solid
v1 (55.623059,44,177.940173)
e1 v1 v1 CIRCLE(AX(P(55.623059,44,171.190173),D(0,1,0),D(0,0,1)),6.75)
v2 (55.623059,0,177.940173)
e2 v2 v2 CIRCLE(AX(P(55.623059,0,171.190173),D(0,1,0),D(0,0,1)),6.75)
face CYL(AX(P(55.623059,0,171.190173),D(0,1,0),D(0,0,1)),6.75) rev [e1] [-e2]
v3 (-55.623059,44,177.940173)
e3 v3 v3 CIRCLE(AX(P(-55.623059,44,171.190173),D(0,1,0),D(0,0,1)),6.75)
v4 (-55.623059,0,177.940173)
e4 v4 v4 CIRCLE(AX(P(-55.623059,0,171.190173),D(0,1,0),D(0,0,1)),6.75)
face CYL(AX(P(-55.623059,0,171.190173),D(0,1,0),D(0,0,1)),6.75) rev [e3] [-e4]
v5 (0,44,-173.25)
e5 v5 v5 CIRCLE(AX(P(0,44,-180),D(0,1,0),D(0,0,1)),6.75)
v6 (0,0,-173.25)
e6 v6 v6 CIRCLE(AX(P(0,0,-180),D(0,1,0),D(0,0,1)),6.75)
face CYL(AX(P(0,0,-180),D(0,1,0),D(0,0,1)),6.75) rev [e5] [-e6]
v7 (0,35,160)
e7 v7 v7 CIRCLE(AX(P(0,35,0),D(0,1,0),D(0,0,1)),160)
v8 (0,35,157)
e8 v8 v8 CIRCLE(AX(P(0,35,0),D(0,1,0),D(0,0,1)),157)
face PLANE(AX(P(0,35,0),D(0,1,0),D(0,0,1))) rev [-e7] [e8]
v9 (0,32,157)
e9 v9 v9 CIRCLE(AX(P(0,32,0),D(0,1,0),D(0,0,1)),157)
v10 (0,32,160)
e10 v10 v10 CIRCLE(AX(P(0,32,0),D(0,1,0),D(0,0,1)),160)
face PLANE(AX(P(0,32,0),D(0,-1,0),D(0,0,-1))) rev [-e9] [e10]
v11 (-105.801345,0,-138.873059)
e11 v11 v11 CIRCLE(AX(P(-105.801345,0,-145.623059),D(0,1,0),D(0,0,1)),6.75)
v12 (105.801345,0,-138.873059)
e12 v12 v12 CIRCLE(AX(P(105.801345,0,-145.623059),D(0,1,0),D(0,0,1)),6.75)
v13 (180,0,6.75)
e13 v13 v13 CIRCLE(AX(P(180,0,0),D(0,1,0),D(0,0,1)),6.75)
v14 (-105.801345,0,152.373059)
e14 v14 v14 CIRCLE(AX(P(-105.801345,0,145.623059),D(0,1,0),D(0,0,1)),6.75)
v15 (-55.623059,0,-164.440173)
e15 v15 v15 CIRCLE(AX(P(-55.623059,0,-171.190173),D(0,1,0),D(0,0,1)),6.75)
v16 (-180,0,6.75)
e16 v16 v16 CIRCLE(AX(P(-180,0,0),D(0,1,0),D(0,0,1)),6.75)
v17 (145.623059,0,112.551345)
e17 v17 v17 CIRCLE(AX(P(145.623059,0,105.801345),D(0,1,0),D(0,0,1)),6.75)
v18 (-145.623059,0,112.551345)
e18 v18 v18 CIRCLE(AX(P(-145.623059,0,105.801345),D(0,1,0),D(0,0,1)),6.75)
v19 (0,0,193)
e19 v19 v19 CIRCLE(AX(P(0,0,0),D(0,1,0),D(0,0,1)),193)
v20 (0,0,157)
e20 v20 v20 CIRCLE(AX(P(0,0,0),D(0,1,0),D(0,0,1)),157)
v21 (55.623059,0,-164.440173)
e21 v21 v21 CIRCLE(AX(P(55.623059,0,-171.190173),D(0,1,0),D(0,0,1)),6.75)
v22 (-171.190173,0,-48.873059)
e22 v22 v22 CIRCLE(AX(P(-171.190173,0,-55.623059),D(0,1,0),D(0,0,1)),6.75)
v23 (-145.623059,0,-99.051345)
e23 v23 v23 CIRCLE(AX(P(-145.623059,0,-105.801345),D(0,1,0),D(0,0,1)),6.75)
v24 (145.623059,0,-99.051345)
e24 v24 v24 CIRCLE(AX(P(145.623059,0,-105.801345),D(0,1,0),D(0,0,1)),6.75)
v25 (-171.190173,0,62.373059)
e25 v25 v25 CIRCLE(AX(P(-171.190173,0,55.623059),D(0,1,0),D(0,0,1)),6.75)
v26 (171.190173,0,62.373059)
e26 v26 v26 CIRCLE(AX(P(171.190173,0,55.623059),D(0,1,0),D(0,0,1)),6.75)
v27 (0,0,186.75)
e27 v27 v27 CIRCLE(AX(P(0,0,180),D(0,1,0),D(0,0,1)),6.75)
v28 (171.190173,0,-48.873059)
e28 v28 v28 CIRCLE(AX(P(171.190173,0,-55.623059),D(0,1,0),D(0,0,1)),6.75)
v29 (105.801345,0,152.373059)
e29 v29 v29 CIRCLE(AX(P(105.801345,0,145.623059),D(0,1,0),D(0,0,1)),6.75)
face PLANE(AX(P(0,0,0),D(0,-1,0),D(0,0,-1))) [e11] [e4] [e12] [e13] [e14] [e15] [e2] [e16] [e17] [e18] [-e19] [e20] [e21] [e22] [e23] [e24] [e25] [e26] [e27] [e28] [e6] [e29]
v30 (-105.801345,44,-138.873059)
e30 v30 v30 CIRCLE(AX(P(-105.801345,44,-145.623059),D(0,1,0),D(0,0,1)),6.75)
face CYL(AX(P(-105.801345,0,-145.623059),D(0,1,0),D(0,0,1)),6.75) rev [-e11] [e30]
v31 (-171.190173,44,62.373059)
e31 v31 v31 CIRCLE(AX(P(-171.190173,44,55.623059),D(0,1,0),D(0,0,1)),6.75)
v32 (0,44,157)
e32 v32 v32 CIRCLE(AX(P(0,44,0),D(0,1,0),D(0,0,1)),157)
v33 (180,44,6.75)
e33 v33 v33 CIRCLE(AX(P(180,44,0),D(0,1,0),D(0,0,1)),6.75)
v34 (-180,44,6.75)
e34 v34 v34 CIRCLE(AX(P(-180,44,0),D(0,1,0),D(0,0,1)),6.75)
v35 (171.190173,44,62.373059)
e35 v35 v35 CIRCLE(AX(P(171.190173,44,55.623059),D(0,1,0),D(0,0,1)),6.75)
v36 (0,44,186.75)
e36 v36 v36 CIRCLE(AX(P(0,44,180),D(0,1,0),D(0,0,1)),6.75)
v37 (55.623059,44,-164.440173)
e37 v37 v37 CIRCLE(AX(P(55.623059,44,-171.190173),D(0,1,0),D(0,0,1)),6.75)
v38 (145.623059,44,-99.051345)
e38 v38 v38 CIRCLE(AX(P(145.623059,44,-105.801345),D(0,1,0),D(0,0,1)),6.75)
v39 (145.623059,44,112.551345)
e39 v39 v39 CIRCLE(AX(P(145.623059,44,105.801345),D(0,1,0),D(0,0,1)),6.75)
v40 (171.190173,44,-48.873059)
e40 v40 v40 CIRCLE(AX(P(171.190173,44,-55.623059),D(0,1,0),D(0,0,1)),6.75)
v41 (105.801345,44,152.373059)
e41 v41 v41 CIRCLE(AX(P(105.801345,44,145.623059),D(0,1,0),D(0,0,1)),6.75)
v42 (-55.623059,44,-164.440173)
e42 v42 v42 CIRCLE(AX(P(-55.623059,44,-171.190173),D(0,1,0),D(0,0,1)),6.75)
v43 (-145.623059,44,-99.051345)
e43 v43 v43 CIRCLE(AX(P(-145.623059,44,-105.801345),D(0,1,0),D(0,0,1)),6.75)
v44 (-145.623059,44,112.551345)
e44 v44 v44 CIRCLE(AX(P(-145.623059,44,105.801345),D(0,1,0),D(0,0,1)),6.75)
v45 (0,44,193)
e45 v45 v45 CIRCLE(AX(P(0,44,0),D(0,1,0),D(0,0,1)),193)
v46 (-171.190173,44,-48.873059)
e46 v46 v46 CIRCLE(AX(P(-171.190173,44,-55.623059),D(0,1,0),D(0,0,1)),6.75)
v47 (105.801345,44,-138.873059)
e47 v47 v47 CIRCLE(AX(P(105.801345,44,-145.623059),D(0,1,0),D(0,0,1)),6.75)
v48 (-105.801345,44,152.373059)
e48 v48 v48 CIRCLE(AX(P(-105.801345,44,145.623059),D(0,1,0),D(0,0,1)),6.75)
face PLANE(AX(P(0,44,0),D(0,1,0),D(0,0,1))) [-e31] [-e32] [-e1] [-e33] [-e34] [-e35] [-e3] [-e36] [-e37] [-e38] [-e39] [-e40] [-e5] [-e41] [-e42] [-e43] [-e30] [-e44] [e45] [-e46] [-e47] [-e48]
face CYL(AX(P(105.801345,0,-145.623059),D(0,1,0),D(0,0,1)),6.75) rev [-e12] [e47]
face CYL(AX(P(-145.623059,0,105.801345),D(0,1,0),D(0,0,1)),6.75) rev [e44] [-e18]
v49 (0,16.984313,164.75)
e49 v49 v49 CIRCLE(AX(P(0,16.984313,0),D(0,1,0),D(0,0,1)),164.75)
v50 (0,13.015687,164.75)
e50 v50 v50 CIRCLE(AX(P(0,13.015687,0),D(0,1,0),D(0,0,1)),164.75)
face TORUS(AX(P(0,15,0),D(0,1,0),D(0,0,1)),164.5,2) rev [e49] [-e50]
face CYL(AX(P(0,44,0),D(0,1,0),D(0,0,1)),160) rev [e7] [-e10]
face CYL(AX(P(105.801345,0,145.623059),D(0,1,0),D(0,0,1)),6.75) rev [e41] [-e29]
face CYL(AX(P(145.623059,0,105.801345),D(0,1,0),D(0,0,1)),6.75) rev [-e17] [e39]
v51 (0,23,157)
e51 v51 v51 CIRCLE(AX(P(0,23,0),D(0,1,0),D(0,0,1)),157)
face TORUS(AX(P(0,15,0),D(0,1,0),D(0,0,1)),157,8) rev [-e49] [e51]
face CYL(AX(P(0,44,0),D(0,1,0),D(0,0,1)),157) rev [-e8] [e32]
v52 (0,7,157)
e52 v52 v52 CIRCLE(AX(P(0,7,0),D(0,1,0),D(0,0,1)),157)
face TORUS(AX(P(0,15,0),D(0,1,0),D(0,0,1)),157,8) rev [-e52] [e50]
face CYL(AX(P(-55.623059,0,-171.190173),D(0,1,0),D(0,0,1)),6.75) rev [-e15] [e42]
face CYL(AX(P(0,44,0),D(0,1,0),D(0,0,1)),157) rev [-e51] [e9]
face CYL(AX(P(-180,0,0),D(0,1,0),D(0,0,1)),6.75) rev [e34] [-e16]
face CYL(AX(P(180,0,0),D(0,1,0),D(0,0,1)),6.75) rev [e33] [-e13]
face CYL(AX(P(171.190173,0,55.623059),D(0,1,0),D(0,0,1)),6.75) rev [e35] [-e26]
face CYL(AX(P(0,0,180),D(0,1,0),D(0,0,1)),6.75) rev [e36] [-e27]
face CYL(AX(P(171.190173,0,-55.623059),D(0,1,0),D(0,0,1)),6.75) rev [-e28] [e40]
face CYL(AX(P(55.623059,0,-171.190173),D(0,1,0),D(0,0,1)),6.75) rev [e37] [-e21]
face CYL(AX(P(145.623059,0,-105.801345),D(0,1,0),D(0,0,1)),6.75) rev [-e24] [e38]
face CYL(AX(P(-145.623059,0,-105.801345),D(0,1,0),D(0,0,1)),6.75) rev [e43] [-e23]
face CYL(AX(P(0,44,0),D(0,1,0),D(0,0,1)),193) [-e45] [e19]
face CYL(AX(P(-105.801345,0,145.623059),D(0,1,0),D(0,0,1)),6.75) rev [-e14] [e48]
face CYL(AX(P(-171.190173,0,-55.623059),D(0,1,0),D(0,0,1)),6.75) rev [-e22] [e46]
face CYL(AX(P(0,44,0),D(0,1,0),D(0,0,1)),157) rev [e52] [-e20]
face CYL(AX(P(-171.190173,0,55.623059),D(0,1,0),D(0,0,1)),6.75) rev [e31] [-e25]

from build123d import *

# Parameters (mm, degrees)
ESQUISSE4_R             = 6.75
ENL_V_MAT_EXTRU_2_DEPTH = 277.466996222


with BuildPart() as part:
    # Esquisse1 → Révolution1 (revolve)
    with BuildSketch(Plane.XY):
        with BuildLine():
            Line((-193, 44), (-193, 0))
            Line((-193, 0), (-157, 0))
            Line((-157, 0), (-157, 7))
            ThreePointArc((-157, 7), (-161.905379299, 8.680407139), (-164.75, 13.015686517))
            ThreePointArc((-164.75, 13.015686517), (-166, 13.677124344), (-166.5, 15))
            ThreePointArc((-166.5, 15), (-166, 16.322875656), (-164.75, 16.984313483))
            ThreePointArc((-164.75, 16.984313483), (-161.905379299, 21.319592861), (-157, 23))
            Line((-157, 23), (-157, 32))
            Line((-157, 32), (-160, 32))
            Line((-160, 32), (-160, 35))
            Line((-160, 35), (-157, 35))
            Line((-157, 35), (-157, 44))
            Line((-157, 44), (-193, 44))
        make_face()
    revolve(axis=Axis((0, 44, 0), (0, -1, 0)))

    # Esquisse4 → Enlèv. mat.-Extru.2 (cut, through all)
    with BuildSketch(Plane(origin=(0, 44, 0), x_dir=(1, 0, 0), z_dir=(0, 1, 0))):
        with Locations((-180, 0)):
            Circle(ESQUISSE4_R)
        with Locations((-171.190172933, 55.623058987)):
            Circle(ESQUISSE4_R)
        with Locations((-145.623058987, 105.801345413)):
            Circle(ESQUISSE4_R)
        with Locations((-105.801345413, 145.623058987)):
            Circle(ESQUISSE4_R)
        with Locations((-55.623058987, 171.190172933)):
            Circle(ESQUISSE4_R)
        with Locations((0, 180)):
            Circle(ESQUISSE4_R)
        with Locations((55.623058987, 171.190172933)):
            Circle(ESQUISSE4_R)
        with Locations((105.801345413, 145.623058987)):
            Circle(ESQUISSE4_R)
        with Locations((145.623058987, 105.801345413)):
            Circle(ESQUISSE4_R)
        with Locations((171.190172933, 55.623058987)):
            Circle(ESQUISSE4_R)
        with Locations((180, 0)):
            Circle(ESQUISSE4_R)
        with Locations((171.190172933, -55.623058987)):
            Circle(ESQUISSE4_R)
        with Locations((145.623058987, -105.801345413)):
            Circle(ESQUISSE4_R)
        with Locations((105.801345413, -145.623058987)):
            Circle(ESQUISSE4_R)
        with Locations((55.623058987, -171.190172933)):
            Circle(ESQUISSE4_R)
        with Locations((0, -180)):
            Circle(ESQUISSE4_R)
        with Locations((-55.623058987, -171.190172933)):
            Circle(ESQUISSE4_R)
        with Locations((-105.801345413, -145.623058987)):
            Circle(ESQUISSE4_R)
        with Locations((-145.623058987, -105.801345413)):
            Circle(ESQUISSE4_R)
        with Locations((-171.190172933, -55.623058987)):
            Circle(ESQUISSE4_R)
    extrude(amount=-ENL_V_MAT_EXTRU_2_DEPTH, mode=Mode.SUBTRACT)


solid = part.part
